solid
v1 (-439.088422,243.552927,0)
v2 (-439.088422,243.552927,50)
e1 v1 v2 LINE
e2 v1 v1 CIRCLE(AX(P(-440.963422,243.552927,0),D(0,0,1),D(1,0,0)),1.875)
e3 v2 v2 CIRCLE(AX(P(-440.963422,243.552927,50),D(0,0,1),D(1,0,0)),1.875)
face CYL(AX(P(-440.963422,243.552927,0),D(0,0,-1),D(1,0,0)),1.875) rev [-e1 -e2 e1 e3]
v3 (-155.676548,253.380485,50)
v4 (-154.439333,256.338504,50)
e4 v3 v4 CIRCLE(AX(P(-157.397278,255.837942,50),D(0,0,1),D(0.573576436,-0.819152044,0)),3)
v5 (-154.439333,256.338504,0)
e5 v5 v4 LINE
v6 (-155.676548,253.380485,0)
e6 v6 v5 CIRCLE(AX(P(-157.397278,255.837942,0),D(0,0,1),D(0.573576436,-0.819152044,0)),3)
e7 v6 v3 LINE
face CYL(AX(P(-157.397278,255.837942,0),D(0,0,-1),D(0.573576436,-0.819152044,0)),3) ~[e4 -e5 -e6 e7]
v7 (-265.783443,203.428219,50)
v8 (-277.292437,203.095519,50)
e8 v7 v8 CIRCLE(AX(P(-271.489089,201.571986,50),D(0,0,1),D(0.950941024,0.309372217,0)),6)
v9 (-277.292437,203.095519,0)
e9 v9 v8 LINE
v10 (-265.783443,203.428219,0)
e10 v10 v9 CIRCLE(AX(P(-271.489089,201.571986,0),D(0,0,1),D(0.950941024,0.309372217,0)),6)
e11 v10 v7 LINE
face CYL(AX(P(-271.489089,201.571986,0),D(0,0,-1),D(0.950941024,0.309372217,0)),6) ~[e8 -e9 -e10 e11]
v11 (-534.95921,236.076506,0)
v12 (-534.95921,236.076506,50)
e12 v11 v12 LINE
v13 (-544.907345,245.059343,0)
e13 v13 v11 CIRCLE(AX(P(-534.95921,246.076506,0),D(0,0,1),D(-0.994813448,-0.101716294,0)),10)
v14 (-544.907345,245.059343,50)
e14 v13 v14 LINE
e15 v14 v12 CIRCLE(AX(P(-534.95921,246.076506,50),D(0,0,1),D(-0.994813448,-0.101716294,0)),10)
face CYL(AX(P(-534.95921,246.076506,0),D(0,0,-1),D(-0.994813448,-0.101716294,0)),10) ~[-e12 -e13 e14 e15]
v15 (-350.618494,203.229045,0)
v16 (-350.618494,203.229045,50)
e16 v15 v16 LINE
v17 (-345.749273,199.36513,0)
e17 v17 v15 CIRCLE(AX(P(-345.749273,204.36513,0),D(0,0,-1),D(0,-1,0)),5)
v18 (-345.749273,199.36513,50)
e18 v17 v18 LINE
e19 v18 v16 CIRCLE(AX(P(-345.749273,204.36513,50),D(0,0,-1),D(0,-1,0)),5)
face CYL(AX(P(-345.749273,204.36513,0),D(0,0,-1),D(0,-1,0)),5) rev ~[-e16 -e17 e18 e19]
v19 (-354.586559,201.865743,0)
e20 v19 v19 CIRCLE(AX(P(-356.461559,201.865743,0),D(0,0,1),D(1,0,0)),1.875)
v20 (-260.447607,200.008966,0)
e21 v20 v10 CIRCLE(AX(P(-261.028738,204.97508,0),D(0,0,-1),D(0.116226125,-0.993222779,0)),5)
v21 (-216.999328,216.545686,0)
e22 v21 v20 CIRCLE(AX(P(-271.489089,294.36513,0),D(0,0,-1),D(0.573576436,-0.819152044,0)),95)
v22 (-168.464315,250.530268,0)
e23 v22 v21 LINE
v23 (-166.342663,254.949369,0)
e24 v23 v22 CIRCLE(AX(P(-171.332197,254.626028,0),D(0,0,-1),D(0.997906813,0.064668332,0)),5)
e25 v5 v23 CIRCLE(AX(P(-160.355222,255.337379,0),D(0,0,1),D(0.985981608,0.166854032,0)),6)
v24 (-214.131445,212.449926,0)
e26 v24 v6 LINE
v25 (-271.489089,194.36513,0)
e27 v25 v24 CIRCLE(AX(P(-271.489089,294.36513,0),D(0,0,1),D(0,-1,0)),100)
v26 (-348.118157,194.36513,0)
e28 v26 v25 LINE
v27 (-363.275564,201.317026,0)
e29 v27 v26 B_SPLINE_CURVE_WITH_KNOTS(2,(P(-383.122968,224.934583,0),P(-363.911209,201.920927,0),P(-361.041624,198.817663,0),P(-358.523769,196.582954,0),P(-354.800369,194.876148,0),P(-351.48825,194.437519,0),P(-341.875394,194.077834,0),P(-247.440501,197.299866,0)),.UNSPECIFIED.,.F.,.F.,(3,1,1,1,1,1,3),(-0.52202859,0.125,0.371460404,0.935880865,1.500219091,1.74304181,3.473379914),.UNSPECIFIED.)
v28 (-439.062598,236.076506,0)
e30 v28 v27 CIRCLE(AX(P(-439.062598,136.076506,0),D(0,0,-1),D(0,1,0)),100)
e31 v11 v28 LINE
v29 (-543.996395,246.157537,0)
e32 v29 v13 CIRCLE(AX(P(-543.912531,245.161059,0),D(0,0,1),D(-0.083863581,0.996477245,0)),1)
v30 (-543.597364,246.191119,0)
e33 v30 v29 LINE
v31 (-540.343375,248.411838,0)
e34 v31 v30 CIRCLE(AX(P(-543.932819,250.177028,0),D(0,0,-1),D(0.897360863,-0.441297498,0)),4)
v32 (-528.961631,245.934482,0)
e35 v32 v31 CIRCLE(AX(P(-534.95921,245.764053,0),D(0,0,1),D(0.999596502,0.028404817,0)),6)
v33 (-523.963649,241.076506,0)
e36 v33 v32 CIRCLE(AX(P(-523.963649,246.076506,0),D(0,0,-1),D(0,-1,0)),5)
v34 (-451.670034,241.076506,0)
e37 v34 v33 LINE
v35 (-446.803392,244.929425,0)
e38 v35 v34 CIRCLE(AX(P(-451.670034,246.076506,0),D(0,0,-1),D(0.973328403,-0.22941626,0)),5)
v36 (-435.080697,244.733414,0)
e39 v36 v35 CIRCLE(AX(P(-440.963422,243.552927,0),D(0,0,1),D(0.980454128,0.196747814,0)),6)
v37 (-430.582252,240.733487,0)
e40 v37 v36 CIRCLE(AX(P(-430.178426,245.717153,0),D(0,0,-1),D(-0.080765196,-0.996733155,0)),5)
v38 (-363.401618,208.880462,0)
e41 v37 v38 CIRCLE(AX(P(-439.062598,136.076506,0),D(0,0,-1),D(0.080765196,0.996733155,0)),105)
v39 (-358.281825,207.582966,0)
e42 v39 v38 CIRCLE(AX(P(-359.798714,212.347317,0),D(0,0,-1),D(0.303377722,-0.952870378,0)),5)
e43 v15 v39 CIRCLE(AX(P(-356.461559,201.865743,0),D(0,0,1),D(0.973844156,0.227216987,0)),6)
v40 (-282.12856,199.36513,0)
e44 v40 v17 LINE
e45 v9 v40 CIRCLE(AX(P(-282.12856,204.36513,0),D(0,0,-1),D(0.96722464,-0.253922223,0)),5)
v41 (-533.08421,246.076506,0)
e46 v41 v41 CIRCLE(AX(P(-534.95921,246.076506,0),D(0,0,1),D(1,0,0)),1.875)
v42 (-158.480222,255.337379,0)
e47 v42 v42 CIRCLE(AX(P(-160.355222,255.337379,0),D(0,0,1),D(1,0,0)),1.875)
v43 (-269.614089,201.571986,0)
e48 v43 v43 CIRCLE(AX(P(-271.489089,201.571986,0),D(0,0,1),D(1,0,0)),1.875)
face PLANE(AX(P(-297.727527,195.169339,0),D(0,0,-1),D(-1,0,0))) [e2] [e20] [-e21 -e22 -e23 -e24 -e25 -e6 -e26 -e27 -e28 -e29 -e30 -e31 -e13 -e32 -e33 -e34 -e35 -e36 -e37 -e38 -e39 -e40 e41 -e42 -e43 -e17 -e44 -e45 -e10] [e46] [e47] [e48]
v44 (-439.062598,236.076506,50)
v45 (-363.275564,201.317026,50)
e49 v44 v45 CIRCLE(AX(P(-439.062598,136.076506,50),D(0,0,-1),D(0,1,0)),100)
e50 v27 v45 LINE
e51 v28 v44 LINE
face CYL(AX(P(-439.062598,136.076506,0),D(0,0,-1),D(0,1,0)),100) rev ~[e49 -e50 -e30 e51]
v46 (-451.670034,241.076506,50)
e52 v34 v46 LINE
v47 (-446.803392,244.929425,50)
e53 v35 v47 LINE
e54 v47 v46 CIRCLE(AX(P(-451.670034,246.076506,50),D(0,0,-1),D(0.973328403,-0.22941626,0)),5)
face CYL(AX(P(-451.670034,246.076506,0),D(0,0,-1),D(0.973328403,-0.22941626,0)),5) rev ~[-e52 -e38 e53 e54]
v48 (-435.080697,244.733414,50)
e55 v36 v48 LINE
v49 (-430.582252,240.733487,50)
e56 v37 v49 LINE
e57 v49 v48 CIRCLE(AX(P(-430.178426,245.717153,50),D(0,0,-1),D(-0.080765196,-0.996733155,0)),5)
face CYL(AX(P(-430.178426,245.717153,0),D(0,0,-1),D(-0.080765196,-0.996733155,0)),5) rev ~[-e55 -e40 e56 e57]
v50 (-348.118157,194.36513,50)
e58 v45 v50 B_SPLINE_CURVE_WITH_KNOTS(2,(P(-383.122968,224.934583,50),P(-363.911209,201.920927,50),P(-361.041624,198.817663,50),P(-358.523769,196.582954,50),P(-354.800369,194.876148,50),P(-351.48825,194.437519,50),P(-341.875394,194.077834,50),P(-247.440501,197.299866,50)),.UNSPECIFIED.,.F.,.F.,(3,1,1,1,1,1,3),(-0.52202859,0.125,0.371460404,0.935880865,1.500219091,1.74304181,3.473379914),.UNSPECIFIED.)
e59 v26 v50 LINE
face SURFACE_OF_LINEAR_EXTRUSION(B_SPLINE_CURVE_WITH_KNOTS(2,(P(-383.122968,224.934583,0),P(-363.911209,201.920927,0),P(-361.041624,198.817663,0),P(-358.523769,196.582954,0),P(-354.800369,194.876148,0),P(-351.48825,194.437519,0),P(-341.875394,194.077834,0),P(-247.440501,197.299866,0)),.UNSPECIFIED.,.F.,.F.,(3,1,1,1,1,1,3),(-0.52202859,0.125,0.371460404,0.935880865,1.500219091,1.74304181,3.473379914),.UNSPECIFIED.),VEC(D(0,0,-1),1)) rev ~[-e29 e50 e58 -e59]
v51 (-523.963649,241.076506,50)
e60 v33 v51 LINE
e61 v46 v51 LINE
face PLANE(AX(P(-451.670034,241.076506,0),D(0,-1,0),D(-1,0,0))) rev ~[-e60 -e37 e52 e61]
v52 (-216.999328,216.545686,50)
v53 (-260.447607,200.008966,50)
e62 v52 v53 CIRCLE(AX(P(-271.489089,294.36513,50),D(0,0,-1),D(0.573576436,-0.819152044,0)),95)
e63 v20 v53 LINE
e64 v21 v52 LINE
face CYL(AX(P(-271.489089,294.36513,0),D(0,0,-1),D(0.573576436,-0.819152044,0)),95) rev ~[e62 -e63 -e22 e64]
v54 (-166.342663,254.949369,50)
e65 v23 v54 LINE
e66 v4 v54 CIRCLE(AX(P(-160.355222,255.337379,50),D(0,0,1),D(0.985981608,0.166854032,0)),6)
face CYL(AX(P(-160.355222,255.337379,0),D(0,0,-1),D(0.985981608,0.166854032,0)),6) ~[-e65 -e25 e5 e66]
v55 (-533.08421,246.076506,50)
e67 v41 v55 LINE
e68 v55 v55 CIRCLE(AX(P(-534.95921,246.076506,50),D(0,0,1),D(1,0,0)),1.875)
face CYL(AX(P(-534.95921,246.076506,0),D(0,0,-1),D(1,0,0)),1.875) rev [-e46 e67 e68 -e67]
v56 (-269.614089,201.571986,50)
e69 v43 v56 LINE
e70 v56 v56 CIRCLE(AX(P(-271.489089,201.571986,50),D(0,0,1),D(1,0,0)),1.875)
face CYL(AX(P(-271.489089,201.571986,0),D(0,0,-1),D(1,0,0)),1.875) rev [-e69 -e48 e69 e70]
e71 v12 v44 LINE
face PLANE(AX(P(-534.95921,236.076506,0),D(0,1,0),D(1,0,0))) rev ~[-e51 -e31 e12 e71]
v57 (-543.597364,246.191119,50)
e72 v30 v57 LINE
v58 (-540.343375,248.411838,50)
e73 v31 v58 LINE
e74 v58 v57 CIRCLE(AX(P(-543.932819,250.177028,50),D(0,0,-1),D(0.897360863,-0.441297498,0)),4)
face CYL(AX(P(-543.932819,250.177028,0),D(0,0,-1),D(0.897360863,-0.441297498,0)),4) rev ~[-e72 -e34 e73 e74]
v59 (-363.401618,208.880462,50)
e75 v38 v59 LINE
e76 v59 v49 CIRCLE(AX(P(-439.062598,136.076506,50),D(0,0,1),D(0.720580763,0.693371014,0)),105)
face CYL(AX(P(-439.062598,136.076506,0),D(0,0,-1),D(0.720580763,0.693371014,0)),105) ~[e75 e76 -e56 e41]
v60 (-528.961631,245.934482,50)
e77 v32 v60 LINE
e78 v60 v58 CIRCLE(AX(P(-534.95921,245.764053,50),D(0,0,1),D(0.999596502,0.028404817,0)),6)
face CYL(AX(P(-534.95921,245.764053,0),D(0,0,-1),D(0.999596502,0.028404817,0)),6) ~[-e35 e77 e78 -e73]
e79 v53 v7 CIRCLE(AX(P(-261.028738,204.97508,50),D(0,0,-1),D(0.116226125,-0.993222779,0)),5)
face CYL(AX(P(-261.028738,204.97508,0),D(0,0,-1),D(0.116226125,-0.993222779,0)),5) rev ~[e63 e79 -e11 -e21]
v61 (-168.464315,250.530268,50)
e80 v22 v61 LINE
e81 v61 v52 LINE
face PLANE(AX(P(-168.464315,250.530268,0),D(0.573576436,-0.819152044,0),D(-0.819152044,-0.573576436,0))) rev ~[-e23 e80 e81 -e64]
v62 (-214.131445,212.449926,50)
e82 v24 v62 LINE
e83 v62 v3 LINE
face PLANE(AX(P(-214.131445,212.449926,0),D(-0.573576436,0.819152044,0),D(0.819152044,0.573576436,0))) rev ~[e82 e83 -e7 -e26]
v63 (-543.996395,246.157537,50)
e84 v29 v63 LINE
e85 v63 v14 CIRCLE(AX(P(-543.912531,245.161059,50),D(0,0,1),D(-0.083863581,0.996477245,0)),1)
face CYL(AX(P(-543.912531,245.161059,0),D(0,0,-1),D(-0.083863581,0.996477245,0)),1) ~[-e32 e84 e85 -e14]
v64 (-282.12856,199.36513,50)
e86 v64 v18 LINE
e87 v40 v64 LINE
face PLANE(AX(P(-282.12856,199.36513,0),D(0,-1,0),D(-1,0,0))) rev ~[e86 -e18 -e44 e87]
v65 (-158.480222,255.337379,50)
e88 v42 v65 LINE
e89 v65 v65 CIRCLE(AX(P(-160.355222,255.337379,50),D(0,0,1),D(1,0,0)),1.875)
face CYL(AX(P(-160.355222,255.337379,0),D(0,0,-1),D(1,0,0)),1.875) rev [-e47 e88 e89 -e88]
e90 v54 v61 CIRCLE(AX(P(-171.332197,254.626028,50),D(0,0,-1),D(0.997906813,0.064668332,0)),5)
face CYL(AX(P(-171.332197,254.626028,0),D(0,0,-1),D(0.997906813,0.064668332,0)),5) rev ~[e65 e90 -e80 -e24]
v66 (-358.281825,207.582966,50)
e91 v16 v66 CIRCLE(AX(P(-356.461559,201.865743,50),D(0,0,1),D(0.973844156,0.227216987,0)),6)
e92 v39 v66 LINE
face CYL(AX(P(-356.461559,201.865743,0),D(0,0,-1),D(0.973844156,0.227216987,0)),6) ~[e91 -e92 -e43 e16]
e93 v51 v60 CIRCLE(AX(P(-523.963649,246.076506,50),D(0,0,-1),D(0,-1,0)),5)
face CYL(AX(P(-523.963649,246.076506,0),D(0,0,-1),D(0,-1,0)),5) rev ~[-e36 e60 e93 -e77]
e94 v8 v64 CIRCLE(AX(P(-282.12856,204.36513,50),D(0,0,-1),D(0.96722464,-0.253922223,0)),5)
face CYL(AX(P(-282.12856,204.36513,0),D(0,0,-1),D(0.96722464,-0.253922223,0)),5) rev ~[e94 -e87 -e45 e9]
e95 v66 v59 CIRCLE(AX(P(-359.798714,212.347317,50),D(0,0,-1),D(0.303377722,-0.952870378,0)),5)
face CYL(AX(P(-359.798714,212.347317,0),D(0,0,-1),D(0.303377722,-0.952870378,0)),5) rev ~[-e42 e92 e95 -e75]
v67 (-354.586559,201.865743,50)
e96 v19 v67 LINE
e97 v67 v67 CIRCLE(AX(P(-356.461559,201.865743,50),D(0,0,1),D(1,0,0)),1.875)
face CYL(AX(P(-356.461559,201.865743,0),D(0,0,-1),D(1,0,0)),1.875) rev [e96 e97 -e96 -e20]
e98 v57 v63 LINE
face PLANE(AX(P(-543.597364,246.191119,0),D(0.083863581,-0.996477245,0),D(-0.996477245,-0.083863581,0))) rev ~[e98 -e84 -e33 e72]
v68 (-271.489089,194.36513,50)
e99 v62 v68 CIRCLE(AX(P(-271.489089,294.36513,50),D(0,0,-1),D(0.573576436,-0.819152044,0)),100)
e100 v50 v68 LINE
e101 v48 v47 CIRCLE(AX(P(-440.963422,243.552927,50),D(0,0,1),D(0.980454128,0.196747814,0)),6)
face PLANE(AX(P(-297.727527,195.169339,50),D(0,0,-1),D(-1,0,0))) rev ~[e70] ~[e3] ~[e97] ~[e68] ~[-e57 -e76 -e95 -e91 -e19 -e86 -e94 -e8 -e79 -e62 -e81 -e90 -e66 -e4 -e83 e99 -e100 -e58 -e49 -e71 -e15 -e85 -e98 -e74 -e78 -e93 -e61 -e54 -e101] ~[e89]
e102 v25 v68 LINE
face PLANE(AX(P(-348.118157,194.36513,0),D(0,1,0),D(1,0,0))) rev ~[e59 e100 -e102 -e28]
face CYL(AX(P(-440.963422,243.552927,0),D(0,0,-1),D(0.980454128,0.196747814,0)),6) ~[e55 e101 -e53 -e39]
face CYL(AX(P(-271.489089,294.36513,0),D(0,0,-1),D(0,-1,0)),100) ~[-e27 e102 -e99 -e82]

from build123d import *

# Parameters (mm, degrees)
SKETCH1_R           = 1.8749999999999902
SKETCH1_R_2         = 1.8749999999999822
BOSS_EXTRUDE1_DEPTH = 50


with BuildPart() as part:
    # Sketch1 → Boss-Extrude1 (new body)
    # profile 1 of 3: a face of its own
    with BuildSketch(Plane.XY):
        with BuildLine():
            ThreePointArc((-544.9073445733862, 245.05934298496234), (-541.6610147269474, 238.65452406819674), (-534.9592100975257, 236.0765059267749))
            Line((-534.9592100975257, 236.07650592677487), (-441.5899759130262, 236.07650592677487))
            Line((-441.5899759130262, 236.07650592677484), (-439.06259783112466, 236.07650592677484))
            ThreePointArc((-439.06259783112466, 236.07650592677484), (-397.37358262088145, 226.97219345264216), (-363.27556383489673, 201.31702614277702))
            add(Edge.make_bspline(
                [(-383.12296849125244, 224.93458304595043), (-367.62274464990907, 206.36695430282649), (-363.27556383489645, 201.31702614277665)],
                knots=[-0.5220285895473142, -0.5220285895473142, -0.5220285895473142, 1.887e-14, 1.887e-14, 1.887e-14], degree=2))
            ThreePointArc((-383.1229684912514, 224.93458304595174), (-405.8980891559586, 235.70137914794805), (-430.5822522506289, 240.7334872459175))
            ThreePointArc((-430.5822522506289, 240.7334872459175), (-433.50085290752264, 241.98064646711703), (-435.0806969123075, 244.73341395420863))
            ThreePointArc((-435.08069691230753, 244.73341395420863), (-440.8631120126931, 249.55208851055136), (-446.8033920996223, 244.92942462898426))
            ThreePointArc((-446.8033920996222, 244.92942462898426), (-448.5664399466794, 242.15633970013647), (-451.6700341140156, 241.07650592677487))
            Line((-451.6700341140156, 241.07650592677487), (-523.9636485779045, 241.07650592677487))
            ThreePointArc((-523.9636485779045, 241.07650592677481), (-527.448607657875, 242.49111052167248), (-528.9616310868231, 245.93448184240285))
            ThreePointArc((-528.9616310868231, 245.93448184240285), (-533.6831252946306, 251.62678332689148), (-540.3433752762132, 248.41183792649997))
            ThreePointArc((-540.3433752762132, 248.41183792649997), (-541.6780229849218, 246.8731065868591), (-543.5973644050546, 246.19111893673872))
            Line((-543.5973644050546, 246.19111893673875), (-543.9963947067045, 246.15753652414114))
            ThreePointArc((-543.9963947067045, 246.15753652414116), (-544.6822020264595, 245.79950011796763), (-544.9073445733864, 245.05934298496234))
        make_face()
        with Locations((-534.9592100975258, 246.07650592677487)):
            Circle(SKETCH1_R, mode=Mode.SUBTRACT)
        with Locations((-440.9634216823502, 243.55292707163554)):
            Circle(SKETCH1_R, mode=Mode.SUBTRACT)
    # profile 2 of 3: a face of its own
    with BuildSketch(Plane.XY):
        with BuildLine():
            add(Edge.make_bspline(
                [(-383.12296849125244, 224.93458304595043), (-367.62274464990907, 206.36695430282649), (-363.27556383489645, 201.31702614277665)],
                knots=[-0.5220285895473142, -0.5220285895473142, -0.5220285895473142, 1.887e-14, 1.887e-14, 1.887e-14], degree=2))
            add(Edge.make_bspline(
                [(-363.2755638348965, 201.3170261427767), (-362.2346292716234, 200.10781838548988), (-361.83317155831753, 199.67366875065946), (-361.04162411691453, 198.81766319578747), (-360.27634316412167, 198.13844219041232), (-358.52376862577097, 196.58295405812672), (-356.6619331821235, 195.7294886371459), (-354.80036900749667, 194.8761475658919), (-352.4846532551344, 194.56947395223122), (-351.48825008923626, 194.4375188281029), (-350.30526494816087, 194.39325502601127), (-349.5536063403822, 194.3651301859774), (-348.11815703565105, 194.36513018597736)],
                knots=[1.893e-14, 1.893e-14, 1.893e-14, 0.125, 0.125, 0.25, 0.25, 0.5, 0.5, 0.75, 0.75, 0.875, 0.875, 1.0000000000000016, 1.0000000000000016, 1.0000000000000016], degree=2))
            add(Edge.make_bspline(
                [(-348.11815703565105, 194.36513018597736), (-333.4550041742609, 194.36513018597725), (-247.44050149953085, 197.29986636862012)],
                knots=[1.0000000000000016, 1.0000000000000016, 1.0000000000000016, 2.276878327665547, 2.276878327665547, 2.276878327665547], degree=2))
            ThreePointArc((-247.44050149953077, 197.29986636861926), (-230.0871000090499, 203.33834671649424), (-214.13144535031904, 212.4499257570787))
            Line((-214.13144535031904, 212.44992575707866), (-155.67654819642465, 253.3804853895092))
            ThreePointArc((-155.67654819642465, 253.3804853895092), (-154.62961317001395, 254.68034309191702), (-154.43933268041653, 256.3385036183176))
            ThreePointArc((-154.4393326804165, 256.3385036183176), (-161.0507101720321, 261.2969344989494), (-166.3426632069391, 254.94936943737002))
            ThreePointArc((-166.34266320693914, 254.94936943737002), (-166.8247741855496, 252.4619720660458), (-168.46431508885058, 250.5302675583712))
            Line((-168.46431508885058, 250.5302675583712), (-216.9993275320743, 216.5456859785236))
            ThreePointArc((-216.9993275320743, 216.5456859785236), (-237.69631255795534, 205.57859820435817), (-260.44760709280405, 200.00896622402453))
            ThreePointArc((-260.44760709280405, 200.0089662240245), (-263.72642255227106, 200.76527055587718), (-265.7834428399557, 203.42821903372513))
            ThreePointArc((-265.7834428399557, 203.42821903372513), (-271.6624634978908, 207.56948031752756), (-277.29243682695915, 203.0955190714807))
            ThreePointArc((-277.29243682695915, 203.0955190714807), (-279.07471454855846, 200.40608638901813), (-282.12856002823787, 199.36513018597742))
            Line((-282.12856002823787, 199.3651301859774), (-345.74927319295944, 199.3651301859774))
            ThreePointArc((-345.74927319295944, 199.36513018597742), (-348.8572930869804, 200.4484718732866), (-350.61849397452966, 203.22904525062938))
            ThreePointArc((-350.61849397452966, 203.22904525062938), (-353.49762862356397, 207.08255435055457), (-358.2818252430184, 207.58296559830646))
            ThreePointArc((-358.2818252430184, 207.5829655983065), (-361.0270213713086, 207.50053911285607), (-363.40161766909495, 208.88046241899406))
            ThreePointArc((-363.40161766909495, 208.88046241899406), (-372.7744857551701, 217.50675950249254), (-383.1229684912514, 224.93458304595174))
        make_face()
        with Locations((-356.46155891241386, 201.86574332821175)):
            Circle(SKETCH1_R, mode=Mode.SUBTRACT)
        with Locations((-271.4890889854247, 201.57198573408468)):
            Circle(SKETCH1_R, mode=Mode.SUBTRACT)
        with Locations((-160.35522233053905, 255.3373794264347)):
            Circle(SKETCH1_R_2, mode=Mode.SUBTRACT)
    # profile 3 of 3: a face of its own
    with BuildSketch(Plane.XY):
        with BuildLine():
            add(Edge.make_bspline(
                [(-348.11815703565105, 194.36513018597736), (-333.4550041742609, 194.36513018597725), (-247.44050149953085, 197.29986636862012)],
                knots=[1.0000000000000016, 1.0000000000000016, 1.0000000000000016, 2.276878327665547, 2.276878327665547, 2.276878327665547], degree=2))
            Line((-348.11815703565105, 194.3651301859774), (-271.4890889854247, 194.36513018597734))
            ThreePointArc((-271.4890889854247, 194.36513018597736), (-259.3755920034587, 195.10152562283494), (-247.44050149953077, 197.29986636861926))
        make_face()
    extrude(amount=BOSS_EXTRUDE1_DEPTH)


solid = part.part
